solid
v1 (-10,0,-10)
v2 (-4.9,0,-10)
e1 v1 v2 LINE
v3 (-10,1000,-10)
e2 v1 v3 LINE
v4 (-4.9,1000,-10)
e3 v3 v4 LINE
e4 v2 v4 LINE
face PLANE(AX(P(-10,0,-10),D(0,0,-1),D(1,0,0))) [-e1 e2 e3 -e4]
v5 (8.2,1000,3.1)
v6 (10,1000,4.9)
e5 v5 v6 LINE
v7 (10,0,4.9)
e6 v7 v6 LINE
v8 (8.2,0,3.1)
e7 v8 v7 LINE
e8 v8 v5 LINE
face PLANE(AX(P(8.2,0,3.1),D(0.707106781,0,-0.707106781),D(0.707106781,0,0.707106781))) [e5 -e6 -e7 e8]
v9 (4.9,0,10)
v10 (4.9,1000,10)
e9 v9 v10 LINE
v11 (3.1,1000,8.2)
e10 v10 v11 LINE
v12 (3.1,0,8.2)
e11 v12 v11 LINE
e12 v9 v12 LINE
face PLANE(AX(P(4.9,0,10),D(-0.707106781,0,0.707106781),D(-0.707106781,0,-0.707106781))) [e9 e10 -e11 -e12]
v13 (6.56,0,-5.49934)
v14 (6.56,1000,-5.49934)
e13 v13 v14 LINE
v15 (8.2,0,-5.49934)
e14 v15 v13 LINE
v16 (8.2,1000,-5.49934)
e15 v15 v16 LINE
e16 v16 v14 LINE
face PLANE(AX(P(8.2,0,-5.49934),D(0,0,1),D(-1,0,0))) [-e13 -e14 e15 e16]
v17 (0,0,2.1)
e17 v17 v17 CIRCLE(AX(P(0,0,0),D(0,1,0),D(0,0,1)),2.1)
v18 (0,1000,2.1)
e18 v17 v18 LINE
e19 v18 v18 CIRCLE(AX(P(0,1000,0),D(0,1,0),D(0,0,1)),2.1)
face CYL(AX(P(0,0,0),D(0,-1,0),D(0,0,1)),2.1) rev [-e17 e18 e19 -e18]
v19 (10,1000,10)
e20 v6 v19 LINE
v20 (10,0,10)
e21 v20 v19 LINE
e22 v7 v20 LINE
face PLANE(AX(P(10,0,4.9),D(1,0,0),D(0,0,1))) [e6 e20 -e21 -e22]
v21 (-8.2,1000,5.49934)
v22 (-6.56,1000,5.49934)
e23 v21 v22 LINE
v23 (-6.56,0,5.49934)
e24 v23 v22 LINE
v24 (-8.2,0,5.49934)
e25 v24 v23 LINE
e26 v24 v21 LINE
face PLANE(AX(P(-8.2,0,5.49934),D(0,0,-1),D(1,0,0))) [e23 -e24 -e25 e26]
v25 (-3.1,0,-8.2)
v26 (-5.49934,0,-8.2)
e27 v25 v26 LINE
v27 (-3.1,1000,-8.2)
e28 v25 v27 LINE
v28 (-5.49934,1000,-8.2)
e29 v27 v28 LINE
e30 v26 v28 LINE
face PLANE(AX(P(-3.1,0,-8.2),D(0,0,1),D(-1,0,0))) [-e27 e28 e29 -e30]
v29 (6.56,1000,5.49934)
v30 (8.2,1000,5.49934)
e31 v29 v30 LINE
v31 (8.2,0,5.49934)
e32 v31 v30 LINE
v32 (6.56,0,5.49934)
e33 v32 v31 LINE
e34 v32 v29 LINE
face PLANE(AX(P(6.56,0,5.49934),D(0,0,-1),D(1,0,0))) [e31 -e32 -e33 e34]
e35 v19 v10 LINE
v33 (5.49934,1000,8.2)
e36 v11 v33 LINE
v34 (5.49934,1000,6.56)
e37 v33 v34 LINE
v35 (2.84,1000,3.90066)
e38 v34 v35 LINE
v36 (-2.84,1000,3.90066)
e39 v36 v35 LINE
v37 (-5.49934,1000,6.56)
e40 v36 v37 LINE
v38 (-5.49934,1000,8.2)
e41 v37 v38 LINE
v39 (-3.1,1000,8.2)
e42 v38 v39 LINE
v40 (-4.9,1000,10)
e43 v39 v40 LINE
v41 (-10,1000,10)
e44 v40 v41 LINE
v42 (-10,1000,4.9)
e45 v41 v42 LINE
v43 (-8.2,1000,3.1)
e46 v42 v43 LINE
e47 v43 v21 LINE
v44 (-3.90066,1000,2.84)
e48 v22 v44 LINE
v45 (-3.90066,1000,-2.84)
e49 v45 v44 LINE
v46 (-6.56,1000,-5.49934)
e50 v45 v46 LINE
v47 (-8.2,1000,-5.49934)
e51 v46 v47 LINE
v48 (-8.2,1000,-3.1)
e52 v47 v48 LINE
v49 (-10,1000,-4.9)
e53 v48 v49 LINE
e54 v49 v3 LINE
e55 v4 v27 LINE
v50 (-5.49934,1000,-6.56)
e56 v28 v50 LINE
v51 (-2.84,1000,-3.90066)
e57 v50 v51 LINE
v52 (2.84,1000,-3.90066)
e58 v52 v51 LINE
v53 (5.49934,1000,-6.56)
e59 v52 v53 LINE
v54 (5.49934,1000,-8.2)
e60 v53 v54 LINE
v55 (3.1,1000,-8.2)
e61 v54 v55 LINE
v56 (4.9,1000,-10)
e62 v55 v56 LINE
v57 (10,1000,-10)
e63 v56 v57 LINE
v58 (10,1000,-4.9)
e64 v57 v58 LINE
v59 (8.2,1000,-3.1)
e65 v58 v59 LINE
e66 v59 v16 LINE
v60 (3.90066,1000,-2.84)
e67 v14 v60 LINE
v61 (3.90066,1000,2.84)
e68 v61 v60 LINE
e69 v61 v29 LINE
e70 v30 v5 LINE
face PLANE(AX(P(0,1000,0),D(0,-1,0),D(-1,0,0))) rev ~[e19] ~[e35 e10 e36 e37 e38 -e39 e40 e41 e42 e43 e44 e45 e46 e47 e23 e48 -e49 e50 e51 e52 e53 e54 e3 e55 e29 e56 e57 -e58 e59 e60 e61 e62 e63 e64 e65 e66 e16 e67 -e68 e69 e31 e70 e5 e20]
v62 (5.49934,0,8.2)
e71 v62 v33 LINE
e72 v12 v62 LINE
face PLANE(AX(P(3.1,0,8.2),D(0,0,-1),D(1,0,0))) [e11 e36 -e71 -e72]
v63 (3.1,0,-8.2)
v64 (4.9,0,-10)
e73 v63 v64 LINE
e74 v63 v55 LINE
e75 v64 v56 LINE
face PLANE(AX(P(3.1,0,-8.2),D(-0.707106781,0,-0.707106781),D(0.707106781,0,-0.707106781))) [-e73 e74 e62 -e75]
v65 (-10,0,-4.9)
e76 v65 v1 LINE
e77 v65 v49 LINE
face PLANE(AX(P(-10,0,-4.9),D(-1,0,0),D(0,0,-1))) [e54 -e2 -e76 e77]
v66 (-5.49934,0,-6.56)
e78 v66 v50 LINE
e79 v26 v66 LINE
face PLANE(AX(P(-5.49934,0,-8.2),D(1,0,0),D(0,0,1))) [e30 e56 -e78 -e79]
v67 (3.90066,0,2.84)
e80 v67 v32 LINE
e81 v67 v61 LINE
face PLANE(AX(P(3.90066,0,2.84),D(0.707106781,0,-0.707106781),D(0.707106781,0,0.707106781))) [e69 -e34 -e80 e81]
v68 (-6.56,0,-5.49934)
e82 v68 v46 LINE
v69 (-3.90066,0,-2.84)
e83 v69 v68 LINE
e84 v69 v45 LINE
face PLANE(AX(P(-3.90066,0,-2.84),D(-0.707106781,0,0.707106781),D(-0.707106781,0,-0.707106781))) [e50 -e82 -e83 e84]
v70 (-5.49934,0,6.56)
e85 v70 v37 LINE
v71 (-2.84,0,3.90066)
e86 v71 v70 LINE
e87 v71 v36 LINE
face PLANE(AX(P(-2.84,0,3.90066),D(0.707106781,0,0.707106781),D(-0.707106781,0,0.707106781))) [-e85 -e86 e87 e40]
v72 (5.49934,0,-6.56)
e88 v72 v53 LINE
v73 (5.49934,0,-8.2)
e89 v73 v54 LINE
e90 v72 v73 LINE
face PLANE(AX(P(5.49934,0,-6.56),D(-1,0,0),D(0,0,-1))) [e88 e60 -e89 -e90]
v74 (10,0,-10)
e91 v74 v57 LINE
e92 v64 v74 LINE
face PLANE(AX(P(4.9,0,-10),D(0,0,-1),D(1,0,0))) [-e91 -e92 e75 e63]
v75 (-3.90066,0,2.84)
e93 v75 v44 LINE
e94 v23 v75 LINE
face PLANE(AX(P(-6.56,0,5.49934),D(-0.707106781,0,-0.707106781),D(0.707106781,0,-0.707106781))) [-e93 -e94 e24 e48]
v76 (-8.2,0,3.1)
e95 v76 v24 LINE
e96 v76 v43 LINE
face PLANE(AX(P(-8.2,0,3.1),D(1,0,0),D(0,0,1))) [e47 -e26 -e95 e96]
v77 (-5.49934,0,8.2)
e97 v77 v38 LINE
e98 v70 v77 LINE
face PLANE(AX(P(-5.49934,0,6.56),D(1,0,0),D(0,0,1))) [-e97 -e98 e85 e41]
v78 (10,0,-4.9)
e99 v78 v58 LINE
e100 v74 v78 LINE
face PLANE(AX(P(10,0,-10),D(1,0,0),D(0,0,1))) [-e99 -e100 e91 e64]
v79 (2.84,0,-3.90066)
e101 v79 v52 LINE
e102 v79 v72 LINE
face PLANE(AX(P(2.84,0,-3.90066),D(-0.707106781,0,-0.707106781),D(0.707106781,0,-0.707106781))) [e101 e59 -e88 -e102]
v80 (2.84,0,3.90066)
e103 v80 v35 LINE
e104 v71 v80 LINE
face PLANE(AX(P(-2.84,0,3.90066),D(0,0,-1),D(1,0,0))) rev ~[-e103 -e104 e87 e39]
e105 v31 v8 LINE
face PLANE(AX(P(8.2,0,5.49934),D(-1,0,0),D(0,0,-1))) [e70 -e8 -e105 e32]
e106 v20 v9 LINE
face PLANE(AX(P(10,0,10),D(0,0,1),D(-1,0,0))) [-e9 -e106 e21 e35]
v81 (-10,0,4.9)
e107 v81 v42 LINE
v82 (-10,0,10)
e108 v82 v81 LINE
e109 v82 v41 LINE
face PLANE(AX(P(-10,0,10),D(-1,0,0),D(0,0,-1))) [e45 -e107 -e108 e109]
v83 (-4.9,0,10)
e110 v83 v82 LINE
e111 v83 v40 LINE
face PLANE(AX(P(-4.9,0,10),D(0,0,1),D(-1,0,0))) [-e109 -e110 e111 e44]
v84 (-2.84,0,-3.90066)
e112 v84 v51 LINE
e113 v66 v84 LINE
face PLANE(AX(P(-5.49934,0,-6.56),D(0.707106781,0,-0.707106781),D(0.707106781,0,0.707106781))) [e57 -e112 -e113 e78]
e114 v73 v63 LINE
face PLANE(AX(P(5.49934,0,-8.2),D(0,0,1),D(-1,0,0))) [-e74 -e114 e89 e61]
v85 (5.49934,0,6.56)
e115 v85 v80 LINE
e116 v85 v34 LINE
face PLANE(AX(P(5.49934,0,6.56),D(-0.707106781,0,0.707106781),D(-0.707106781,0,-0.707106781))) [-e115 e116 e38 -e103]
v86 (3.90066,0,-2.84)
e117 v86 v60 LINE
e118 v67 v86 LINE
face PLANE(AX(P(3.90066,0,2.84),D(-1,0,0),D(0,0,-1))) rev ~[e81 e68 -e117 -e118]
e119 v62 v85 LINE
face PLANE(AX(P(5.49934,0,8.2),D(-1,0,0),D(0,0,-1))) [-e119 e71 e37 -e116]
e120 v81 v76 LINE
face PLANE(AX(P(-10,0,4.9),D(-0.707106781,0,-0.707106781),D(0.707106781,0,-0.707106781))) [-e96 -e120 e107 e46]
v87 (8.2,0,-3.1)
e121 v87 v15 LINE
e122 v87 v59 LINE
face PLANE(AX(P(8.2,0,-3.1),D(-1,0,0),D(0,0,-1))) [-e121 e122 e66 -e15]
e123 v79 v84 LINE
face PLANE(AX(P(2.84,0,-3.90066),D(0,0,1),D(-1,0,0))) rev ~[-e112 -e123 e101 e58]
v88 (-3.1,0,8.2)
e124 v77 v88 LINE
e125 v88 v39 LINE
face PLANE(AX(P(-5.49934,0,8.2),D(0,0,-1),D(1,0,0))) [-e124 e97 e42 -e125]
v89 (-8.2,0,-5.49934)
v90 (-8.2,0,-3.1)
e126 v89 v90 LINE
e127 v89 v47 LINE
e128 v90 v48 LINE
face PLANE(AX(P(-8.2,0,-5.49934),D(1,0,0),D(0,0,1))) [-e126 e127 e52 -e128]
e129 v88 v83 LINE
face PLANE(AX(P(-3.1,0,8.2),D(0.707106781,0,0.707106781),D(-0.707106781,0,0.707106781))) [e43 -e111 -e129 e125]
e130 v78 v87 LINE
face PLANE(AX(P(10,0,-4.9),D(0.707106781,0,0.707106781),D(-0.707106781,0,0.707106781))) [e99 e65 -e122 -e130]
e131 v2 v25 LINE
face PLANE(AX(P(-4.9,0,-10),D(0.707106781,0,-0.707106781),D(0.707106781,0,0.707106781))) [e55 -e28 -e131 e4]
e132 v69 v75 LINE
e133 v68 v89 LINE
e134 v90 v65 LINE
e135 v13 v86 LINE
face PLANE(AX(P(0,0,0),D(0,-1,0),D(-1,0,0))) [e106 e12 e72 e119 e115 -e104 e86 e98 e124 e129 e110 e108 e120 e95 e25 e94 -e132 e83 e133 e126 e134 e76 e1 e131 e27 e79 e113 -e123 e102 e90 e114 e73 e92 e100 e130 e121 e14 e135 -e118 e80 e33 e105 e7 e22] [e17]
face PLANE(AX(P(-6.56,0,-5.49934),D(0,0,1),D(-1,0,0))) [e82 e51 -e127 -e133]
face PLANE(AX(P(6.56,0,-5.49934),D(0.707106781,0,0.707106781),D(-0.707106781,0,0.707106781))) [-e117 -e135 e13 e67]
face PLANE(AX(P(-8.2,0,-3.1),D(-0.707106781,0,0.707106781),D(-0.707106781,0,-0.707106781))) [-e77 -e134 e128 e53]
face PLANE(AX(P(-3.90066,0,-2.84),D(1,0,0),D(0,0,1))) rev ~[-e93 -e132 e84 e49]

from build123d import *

# Parameters (mm, degrees)
SCHIZZO1_2_R                 = 2.1
ESTRUSIONE_ESTRUSIONE2_DEPTH = 1000


with BuildPart() as part:
    # Schizzo1<2> → Estrusione-Estrusione2 (new body)
    with BuildSketch(Plane(origin=(0, 0, 0), x_dir=(1, 0, 0), z_dir=(0, 1, 0))):
        Polygon((-10, 10), (-4.9, 10), (-3.1, 8.2), (-5.499339828, 8.2), (-5.499339828, 6.56), (-2.84, 3.900660172), (0, 3.900660172), (2.84, 3.900660172), (5.499339828, 6.56), (5.499339828, 8.2), (3.1, 8.2), (4.9, 10), (10, 10), (10, 4.9), (8.2, 3.1), (8.2, 5.499339828), (6.56, 5.499339828), (3.900660172, 2.84), (3.900660172, 0), (3.900660172, -2.84), (6.56, -5.499339828), (8.2, -5.499339828), (8.2, -3.1), (10, -4.9), (10, -10), (4.9, -10), (3.1, -8.2), (5.499339828, -8.2), (5.499339828, -6.56), (2.84, -3.900660172), (0, -3.900660172), (-2.84, -3.900660172), (-5.499339828, -6.56), (-5.499339828, -8.2), (-3.1, -8.2), (-4.9, -10), (-10, -10), (-10, -4.9), (-8.2, -3.1), (-8.2, -5.499339828), (-6.56, -5.499339828), (-3.900660172, -2.84), (-3.900660172, 0), (-3.900660172, 2.84), (-6.56, 5.499339828), (-8.2, 5.499339828), (-8.2, 3.1), (-10, 4.9), align=None)
        Circle(SCHIZZO1_2_R, mode=Mode.SUBTRACT)
    extrude(amount=ESTRUSIONE_ESTRUSIONE2_DEPTH)


solid = part.part
